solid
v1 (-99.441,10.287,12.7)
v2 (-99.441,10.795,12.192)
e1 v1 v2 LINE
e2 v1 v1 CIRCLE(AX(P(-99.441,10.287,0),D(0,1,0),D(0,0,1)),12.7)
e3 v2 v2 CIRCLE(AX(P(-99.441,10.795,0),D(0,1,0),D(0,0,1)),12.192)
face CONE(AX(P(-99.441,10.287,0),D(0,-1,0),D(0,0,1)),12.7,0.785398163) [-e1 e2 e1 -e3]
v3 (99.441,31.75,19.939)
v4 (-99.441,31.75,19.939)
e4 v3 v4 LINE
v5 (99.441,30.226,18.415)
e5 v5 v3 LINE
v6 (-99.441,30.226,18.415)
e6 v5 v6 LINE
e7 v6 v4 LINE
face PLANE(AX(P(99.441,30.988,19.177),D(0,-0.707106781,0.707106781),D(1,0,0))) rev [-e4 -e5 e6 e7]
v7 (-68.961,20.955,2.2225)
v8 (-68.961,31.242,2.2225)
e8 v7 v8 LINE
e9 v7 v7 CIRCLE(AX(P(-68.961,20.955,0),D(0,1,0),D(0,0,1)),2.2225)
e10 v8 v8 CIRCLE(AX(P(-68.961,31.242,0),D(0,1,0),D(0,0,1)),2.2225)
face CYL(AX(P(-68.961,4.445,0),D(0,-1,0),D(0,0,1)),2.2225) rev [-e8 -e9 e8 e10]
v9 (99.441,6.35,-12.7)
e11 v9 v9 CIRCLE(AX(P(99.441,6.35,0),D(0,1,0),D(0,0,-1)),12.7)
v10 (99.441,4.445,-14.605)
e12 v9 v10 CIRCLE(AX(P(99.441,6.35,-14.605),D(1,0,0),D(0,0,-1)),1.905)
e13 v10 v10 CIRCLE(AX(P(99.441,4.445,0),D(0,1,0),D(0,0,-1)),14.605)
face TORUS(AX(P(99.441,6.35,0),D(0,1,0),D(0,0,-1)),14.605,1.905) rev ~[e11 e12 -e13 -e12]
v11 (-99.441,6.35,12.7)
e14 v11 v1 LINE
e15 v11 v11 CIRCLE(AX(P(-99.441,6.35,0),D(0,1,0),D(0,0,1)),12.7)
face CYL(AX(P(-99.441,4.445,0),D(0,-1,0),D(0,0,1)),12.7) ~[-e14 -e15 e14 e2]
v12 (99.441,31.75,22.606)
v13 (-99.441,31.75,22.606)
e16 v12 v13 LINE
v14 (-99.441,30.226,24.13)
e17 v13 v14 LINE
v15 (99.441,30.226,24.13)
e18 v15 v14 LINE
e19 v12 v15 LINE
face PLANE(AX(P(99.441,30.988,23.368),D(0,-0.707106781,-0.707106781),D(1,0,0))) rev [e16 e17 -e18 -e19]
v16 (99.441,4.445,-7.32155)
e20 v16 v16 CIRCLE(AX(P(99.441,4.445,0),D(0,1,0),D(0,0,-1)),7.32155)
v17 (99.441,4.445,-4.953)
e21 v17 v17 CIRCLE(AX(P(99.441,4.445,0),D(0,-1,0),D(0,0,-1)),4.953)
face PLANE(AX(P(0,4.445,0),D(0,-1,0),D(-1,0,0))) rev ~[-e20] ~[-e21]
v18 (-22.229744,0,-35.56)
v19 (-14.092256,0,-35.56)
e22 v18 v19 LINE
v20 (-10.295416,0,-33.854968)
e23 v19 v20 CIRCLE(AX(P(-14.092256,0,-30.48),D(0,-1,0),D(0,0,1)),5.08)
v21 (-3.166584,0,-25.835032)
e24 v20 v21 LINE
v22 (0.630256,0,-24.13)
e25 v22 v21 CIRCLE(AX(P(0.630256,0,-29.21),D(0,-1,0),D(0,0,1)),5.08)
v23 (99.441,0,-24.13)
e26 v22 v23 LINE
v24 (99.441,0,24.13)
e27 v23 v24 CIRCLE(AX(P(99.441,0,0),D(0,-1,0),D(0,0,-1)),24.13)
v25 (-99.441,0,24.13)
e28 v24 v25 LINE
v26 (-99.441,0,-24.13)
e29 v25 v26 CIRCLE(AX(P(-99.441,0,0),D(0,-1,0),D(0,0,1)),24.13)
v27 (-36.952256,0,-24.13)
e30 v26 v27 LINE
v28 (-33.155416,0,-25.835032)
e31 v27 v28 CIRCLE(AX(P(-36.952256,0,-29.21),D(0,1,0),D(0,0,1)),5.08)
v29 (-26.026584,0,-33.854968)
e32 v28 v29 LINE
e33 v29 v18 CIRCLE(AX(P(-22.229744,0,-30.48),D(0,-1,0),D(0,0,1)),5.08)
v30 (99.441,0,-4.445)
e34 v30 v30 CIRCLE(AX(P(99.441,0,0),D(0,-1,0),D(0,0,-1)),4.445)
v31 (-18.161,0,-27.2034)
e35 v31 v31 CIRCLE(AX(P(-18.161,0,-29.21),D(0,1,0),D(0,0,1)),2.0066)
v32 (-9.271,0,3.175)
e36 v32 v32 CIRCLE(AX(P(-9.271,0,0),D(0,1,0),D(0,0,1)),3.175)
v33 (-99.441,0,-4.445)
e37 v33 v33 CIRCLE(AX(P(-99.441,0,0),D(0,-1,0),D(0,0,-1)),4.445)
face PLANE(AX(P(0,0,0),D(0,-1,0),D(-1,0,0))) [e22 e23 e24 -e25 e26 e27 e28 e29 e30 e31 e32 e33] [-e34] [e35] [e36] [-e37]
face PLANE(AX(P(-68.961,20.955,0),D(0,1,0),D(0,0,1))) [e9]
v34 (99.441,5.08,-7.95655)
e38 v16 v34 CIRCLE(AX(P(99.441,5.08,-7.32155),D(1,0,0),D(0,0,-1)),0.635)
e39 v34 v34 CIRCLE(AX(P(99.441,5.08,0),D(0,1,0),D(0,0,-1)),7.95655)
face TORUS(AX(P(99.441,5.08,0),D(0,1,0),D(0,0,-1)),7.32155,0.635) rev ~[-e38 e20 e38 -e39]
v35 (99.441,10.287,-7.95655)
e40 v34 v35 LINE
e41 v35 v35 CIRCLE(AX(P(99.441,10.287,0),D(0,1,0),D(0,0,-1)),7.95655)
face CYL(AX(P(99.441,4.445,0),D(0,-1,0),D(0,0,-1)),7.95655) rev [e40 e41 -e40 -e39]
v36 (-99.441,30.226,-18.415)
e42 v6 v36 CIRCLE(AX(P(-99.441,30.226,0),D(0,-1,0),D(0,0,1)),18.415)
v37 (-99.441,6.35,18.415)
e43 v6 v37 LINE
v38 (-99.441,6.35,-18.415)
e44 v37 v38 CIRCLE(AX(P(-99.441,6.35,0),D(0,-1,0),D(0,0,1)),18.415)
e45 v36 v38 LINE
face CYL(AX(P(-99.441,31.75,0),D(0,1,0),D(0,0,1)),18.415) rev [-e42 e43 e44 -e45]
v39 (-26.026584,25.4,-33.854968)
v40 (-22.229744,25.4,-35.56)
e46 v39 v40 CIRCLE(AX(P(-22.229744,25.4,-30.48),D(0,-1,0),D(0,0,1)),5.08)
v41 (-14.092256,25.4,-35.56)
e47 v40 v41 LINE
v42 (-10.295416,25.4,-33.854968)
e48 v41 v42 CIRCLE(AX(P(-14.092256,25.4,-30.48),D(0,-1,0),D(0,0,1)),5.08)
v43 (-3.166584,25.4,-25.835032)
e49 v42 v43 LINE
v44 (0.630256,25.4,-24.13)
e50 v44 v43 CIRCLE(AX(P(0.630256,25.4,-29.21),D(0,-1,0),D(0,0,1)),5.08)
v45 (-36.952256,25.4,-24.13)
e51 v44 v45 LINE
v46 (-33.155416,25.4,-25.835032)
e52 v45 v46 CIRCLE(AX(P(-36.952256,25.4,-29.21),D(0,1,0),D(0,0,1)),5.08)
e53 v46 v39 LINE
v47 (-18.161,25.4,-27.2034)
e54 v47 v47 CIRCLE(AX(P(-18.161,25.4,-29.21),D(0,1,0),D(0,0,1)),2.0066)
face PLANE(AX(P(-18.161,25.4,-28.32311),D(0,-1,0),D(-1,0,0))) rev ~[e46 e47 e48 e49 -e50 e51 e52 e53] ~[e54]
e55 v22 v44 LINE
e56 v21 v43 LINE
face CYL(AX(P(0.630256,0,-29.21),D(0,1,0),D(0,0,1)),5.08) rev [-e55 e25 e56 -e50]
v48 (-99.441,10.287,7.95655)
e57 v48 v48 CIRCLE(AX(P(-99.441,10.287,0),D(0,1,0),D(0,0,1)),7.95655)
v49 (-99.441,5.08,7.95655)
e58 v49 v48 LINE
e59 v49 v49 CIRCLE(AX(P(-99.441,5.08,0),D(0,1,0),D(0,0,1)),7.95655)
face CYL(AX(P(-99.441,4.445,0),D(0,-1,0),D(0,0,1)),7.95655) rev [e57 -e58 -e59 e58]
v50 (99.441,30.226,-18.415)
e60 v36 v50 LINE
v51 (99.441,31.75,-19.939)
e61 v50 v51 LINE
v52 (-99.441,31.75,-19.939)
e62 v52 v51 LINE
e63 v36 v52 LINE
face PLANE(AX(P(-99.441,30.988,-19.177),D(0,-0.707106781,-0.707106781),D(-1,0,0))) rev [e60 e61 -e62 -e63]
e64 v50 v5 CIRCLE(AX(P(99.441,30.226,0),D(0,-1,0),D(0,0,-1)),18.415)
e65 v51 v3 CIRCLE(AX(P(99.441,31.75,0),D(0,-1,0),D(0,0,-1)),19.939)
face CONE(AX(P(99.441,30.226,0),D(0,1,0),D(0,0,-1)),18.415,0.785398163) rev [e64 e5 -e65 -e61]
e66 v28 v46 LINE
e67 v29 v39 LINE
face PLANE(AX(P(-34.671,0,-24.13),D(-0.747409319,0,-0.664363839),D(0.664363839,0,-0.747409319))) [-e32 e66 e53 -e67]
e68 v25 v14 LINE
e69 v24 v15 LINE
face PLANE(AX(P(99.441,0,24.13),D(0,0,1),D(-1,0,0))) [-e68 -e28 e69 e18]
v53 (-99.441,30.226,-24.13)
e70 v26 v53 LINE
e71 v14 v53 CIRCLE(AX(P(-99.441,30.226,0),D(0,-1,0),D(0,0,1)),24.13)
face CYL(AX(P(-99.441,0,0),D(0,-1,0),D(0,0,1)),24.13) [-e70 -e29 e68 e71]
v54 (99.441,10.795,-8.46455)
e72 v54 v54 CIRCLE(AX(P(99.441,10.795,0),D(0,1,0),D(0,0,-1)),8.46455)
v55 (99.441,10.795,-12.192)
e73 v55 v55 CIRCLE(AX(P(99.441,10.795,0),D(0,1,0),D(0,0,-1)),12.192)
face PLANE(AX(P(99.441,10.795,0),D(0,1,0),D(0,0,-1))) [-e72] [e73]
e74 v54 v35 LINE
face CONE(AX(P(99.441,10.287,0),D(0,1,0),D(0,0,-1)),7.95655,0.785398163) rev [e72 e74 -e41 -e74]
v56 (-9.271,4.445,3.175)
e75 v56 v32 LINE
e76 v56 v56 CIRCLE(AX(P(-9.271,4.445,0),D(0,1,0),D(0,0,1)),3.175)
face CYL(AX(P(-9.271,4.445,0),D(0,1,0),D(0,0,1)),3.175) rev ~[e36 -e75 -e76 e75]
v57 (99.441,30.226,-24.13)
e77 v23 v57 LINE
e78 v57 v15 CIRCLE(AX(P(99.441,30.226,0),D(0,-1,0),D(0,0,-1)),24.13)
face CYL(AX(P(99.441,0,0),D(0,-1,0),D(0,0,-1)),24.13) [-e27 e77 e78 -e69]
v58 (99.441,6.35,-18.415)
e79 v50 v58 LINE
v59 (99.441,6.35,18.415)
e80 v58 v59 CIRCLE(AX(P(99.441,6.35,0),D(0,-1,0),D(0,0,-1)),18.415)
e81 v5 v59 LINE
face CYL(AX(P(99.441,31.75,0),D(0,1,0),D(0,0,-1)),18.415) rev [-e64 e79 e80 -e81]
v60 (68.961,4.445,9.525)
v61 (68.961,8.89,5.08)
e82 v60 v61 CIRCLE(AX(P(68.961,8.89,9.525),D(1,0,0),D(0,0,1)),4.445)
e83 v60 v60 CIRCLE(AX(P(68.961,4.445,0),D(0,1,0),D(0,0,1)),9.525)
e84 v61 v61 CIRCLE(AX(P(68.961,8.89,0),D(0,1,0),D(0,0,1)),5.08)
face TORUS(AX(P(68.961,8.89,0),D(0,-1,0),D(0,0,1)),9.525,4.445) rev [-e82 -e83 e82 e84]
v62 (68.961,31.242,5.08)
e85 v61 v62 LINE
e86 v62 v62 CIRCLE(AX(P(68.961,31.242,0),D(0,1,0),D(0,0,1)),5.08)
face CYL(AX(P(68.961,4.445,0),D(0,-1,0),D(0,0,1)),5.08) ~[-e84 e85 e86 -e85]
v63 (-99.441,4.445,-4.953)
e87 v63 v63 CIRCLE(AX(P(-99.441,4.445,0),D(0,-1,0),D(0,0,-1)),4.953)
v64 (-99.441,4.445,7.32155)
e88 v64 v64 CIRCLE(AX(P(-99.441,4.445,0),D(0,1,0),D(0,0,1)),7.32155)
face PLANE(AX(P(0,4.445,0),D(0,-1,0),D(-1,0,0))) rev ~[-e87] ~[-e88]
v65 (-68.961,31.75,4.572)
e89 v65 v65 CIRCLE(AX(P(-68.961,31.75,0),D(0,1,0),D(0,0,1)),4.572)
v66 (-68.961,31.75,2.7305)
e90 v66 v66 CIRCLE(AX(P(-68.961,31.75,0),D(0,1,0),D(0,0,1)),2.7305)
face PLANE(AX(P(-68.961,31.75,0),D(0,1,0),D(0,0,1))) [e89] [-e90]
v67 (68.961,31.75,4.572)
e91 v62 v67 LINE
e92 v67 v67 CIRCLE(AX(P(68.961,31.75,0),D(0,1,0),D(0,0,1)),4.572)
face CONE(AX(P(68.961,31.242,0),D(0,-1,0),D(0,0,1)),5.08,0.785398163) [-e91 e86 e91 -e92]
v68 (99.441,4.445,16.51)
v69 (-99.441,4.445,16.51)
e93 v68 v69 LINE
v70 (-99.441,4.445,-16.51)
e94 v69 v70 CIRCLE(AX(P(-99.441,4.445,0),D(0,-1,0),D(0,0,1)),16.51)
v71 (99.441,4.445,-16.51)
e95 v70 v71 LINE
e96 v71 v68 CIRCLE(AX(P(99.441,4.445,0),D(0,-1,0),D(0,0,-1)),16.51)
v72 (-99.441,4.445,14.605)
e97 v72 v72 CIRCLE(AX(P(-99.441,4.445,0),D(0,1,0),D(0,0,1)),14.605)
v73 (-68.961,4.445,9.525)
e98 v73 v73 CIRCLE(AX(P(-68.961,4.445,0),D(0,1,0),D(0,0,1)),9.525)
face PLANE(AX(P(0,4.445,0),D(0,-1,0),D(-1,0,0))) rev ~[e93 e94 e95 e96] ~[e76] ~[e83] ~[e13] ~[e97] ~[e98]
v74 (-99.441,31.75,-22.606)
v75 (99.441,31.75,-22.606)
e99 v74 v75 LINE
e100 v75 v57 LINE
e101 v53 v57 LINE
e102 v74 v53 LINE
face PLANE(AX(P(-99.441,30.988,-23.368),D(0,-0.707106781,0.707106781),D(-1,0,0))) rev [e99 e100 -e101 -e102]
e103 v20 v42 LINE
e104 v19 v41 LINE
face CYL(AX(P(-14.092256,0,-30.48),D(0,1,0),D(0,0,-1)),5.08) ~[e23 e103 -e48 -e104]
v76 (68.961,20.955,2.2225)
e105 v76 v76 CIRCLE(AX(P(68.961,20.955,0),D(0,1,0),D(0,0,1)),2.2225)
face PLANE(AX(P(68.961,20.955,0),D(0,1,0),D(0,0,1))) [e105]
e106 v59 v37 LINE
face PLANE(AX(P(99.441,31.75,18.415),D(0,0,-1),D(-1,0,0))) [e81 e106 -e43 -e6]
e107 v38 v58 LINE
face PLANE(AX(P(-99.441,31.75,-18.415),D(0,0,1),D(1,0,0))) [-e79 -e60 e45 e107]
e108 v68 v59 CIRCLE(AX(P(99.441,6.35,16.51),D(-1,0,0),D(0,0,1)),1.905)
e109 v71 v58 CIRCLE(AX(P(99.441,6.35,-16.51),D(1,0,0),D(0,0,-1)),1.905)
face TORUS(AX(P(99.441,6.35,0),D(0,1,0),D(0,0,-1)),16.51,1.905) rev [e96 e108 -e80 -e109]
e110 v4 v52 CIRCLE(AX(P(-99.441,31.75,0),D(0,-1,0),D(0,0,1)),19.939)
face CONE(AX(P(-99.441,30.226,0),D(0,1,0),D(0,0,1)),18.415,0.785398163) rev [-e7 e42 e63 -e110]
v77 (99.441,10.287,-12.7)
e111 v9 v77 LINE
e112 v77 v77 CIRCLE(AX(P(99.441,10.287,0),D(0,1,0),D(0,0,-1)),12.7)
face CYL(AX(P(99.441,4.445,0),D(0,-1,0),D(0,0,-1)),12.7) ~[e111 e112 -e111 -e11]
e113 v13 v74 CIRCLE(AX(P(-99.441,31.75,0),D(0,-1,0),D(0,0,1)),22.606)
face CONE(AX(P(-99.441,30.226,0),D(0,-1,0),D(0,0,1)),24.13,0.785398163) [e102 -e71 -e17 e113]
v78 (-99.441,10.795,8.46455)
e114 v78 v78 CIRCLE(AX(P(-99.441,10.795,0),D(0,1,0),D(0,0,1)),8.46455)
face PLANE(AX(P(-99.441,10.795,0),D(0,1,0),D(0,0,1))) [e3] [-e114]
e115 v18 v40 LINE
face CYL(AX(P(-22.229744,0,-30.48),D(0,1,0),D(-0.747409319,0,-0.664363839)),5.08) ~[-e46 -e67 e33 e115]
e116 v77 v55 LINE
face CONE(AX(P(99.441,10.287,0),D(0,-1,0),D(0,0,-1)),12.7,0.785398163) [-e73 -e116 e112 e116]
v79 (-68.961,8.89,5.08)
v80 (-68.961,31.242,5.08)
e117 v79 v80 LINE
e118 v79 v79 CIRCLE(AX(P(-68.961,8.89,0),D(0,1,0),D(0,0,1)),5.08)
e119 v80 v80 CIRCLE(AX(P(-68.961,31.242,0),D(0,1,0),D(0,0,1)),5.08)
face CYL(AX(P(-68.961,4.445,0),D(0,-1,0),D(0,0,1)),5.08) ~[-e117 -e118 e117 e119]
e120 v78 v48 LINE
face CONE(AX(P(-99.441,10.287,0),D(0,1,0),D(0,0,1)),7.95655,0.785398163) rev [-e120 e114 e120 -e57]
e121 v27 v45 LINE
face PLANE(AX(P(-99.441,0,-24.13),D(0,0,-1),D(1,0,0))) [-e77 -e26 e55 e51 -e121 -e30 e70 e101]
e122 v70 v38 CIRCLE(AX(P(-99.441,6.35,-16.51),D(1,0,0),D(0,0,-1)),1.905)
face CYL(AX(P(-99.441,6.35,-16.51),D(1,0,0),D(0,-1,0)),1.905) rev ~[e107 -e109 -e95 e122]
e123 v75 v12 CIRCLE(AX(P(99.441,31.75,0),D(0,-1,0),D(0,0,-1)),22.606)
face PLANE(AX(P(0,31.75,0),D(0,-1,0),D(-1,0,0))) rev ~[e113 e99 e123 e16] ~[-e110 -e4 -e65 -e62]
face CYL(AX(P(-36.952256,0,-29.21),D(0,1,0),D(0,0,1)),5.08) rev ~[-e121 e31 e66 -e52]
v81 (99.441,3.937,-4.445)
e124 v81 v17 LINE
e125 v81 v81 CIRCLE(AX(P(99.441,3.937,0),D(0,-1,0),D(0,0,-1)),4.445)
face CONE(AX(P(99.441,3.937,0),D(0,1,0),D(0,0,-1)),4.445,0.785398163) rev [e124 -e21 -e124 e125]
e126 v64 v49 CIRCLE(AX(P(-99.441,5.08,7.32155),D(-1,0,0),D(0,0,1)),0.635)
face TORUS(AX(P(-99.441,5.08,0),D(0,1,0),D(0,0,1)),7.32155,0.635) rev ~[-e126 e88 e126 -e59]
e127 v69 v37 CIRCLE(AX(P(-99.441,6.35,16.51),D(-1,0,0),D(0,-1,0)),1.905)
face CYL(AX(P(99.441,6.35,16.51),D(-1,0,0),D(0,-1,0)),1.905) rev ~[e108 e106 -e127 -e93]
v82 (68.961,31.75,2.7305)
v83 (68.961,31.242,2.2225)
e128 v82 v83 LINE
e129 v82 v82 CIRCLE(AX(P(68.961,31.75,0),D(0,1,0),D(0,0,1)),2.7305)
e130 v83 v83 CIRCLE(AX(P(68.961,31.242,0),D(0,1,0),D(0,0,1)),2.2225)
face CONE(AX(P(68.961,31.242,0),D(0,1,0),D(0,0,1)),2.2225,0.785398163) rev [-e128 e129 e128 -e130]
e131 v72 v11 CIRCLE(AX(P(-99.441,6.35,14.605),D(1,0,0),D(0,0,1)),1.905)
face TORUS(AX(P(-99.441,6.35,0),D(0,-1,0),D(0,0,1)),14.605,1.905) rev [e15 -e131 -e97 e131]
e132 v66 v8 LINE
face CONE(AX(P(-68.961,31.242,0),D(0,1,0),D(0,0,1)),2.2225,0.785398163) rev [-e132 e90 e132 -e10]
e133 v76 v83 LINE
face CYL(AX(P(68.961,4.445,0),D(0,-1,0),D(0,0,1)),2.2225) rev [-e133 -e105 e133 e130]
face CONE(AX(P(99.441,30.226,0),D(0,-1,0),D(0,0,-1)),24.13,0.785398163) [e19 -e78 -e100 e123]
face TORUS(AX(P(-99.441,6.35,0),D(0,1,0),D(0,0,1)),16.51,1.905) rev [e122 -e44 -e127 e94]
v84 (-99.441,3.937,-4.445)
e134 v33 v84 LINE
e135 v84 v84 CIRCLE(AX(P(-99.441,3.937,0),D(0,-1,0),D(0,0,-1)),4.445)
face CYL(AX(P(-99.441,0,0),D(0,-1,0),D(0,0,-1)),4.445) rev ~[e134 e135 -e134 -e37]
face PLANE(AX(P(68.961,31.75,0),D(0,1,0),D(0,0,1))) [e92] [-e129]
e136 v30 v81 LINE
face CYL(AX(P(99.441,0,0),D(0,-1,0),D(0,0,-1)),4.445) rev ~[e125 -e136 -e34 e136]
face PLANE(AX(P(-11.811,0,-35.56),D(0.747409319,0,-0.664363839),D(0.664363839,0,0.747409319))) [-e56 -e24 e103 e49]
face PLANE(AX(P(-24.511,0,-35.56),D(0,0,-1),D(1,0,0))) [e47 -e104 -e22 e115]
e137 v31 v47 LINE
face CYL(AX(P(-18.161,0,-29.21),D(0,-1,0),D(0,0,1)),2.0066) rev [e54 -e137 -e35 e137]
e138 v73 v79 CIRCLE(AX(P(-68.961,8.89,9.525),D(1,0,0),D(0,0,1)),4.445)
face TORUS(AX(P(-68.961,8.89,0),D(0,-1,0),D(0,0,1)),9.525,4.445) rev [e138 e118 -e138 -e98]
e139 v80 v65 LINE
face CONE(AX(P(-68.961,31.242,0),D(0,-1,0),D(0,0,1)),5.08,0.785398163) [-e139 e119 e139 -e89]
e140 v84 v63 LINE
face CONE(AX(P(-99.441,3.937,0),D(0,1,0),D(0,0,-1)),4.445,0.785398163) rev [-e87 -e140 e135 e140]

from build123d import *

# Parameters (mm, degrees)
MAINBLOCK_DEPTH      = 31.75
MAINPOCKET_DEPTH     = 27.305
SKETCH3_R            = 4.445
CUT_EXTRUDE1_DEPTH   = 130.846491832
SKETCH4_R            = 12.7
SKETCH4_R_2          = 7.95655
BOSS_EXTRUDE1_DEPTH  = 6.35
SKETCH7_R            = 5.08
SKETCH7_R_2          = 2.2225
BOSS_EXTRUDE3_DEPTH  = 27.305
FILLET2_R            = 0.635
FILLET3_R            = 1.905
FILLET6_R            = 4.445
CHAMFER2_SIZE        = 0.508
SKETCH12_R           = 2.0066
STAB_BAR_MOUNT_DEPTH = 25.4
CHAMFER3_SIZE        = 1.524
SKETCH10_R           = 2.2225
BOSS_EXTRUDE4_DEPTH  = 16.51
SKETCH11_R           = 3.175
CUT_EXTRUDE2_DEPTH   = 132.452914254
FILLET8_R            = 5.08


with BuildPart() as part:
    # Sketch1 → MainBlock (new body)
    with BuildSketch(Plane(origin=(0, 0, 0), x_dir=(1, 0, 0), z_dir=(0, 1, 0))):
        with BuildLine():
            Line((-99.441, 24.13), (99.441, 24.13))
            ThreePointArc((99.441, 24.13), (123.571, 0), (99.441, -24.13))
            Line((99.441, -24.13), (-99.441, -24.13))
            ThreePointArc((-99.441, -24.13), (-123.571, 0), (-99.441, 24.13))
        make_face()
    extrude(amount=MAINBLOCK_DEPTH)

    # Sketch2 → MainPocket (cut)
    with BuildSketch(Plane(origin=(0, 31.75, 0), x_dir=(1, 0, 0), z_dir=(0, 1, 0))):
        with BuildLine():
            Line((-99.441, 18.415), (99.441, 18.415))
            ThreePointArc((99.441, 18.415), (117.856, 0), (99.441, -18.415))
            Line((99.441, -18.415), (-99.441, -18.415))
            ThreePointArc((-99.441, -18.415), (-117.856, 0), (-99.441, 18.415))
        make_face()
    extrude(amount=-MAINPOCKET_DEPTH, mode=Mode.SUBTRACT)

    # Sketch3 → Cut-Extrude1 (cut, through all)
    with BuildSketch(Plane.XZ):
        with Locations(Location((-99.441, 0, 0), (0, 0, 270))):
            Circle(SKETCH3_R)
        with Locations(Location((99.441, 0, 0), (0, 0, 270))):
            Circle(SKETCH3_R)
    extrude(amount=-CUT_EXTRUDE1_DEPTH, mode=Mode.SUBTRACT)

    # Sketch4 → Boss-Extrude1 (add)
    # profile 1 of 2: a face of its own
    with BuildSketch(Plane(origin=(0, 4.445, 0), x_dir=(1, 0, 0), z_dir=(0, 1, 0))):
        with Locations(Location((-99.441, 0, 0), (0, 0, 270))):
            Circle(SKETCH4_R)
        with Locations(Location((-99.441, 0, 0), (0, 0, 270))):
            Circle(SKETCH4_R_2, mode=Mode.SUBTRACT)
    # profile 2 of 2: a face of its own
    with BuildSketch(Plane(origin=(0, 4.445, 0), x_dir=(1, 0, 0), z_dir=(0, 1, 0))):
        with Locations(Location((99.441, 0, 0), (0, 0, 90))):
            Circle(SKETCH4_R)
        with Locations(Location((99.441, 0, 0), (0, 0, 90))):
            Circle(SKETCH4_R_2, mode=Mode.SUBTRACT)
    extrude(amount=BOSS_EXTRUDE1_DEPTH)

    # Sketch7 → Boss-Extrude3 (add)
    # profile 1 of 2: a face of its own
    with BuildSketch(Plane(origin=(0, 4.445, 0), x_dir=(1, 0, 0), z_dir=(0, 1, 0))):
        with Locations(Location((-68.961, 0, 0), (0, 0, 270))):
            Circle(SKETCH7_R)
        with Locations(Location((-68.961, 0, 0), (0, 0, 270))):
            Circle(SKETCH7_R_2, mode=Mode.SUBTRACT)
    # profile 2 of 2: a face of its own
    with BuildSketch(Plane(origin=(0, 4.445, 0), x_dir=(1, 0, 0), z_dir=(0, 1, 0))):
        with Locations(Location((68.961, 0, 0), (0, 0, 270))):
            Circle(SKETCH7_R)
        with Locations(Location((68.961, 0, 0), (0, 0, 270))):
            Circle(SKETCH7_R_2, mode=Mode.SUBTRACT)
    extrude(amount=BOSS_EXTRUDE3_DEPTH)

    # Fillet2
    fillet2_edges = [part.edges().sort_by_distance(p)[0] for p in [
        (-99.441, 4.445, -7.95655),
        (99.441, 4.445, 7.95655),
    ]]
    fillet(fillet2_edges, radius=FILLET2_R)

    # Fillet3
    fillet3_edges = [part.edges().sort_by_distance(p)[0] for p in [
        (117.856, 4.445, 0),
        (0, 4.445, 18.415),
        (-117.856, 4.445, 0),
        (0, 4.445, -18.415),
        (-99.441, 4.445, -12.7),
        (99.441, 4.445, 12.7),
    ]]
    fillet(fillet3_edges, radius=FILLET3_R)

    # Fillet6
    fillet6_edges = [part.edges().sort_by_distance(p)[0] for p in [
        (-68.961, 4.445, -5.08),
        (68.961, 4.445, -5.08),
    ]]
    fillet(fillet6_edges, radius=FILLET6_R)

    # Chamfer2
    chamfer2_edges = [part.edges().sort_by_distance(p)[0] for p in [
        (-99.441, 4.445, 4.445),
        (99.441, 4.445, 4.445),
        (-99.441, 10.795, -12.7),
        (-99.441, 10.795, -7.95655),
        (99.441, 10.795, 12.7),
        (99.441, 10.795, 7.95655),
        (-68.961, 31.75, -2.2225),
        (-68.961, 31.75, -5.08),
        (68.961, 31.75, -2.2225),
        (68.961, 31.75, -5.08),
    ]]
    chamfer(chamfer2_edges, length=CHAMFER2_SIZE)

    # Sketch12 → Stab_bar_Mount (add)
    with BuildSketch(Plane(origin=(0, 0, 0), x_dir=(1, 0, 0), z_dir=(0, 1, 0))):
        Polygon((-34.671, 24.13), (-24.511, 35.56), (-11.811, 35.56), (-1.651, 24.13), align=None)
        with Locations(Location((-18.161, 29.21, 0), (0, 0, 270))):
            Circle(SKETCH12_R, mode=Mode.SUBTRACT)
    extrude(amount=STAB_BAR_MOUNT_DEPTH)

    # Chamfer3
    chamfer3_edges = [part.edges().sort_by_distance(p)[0] for p in [
        (123.571, 31.75, 0),
        (0, 31.75, -24.13),
        (117.856, 31.75, 0),
        (0, 31.75, -18.415),
        (-117.856, 31.75, 0),
        (0, 31.75, 18.415),
        (-123.571, 31.75, 0),
        (0, 31.75, 24.13),
    ]]
    chamfer(chamfer3_edges, length=CHAMFER3_SIZE)

    # Sketch10 → Boss-Extrude4 (add)
    with BuildSketch(Plane(origin=(0, 4.445, 0), x_dir=(1, 0, 0), z_dir=(0, 1, 0))):
        with Locations(Location((68.961, 0, 0), (0, 0, 270))):
            Circle(SKETCH10_R)
        with Locations(Location((-68.961, 0, 0), (0, 0, 270))):
            Circle(SKETCH10_R)
    extrude(amount=BOSS_EXTRUDE4_DEPTH)

    # Sketch11 → Cut-Extrude2 (cut, through all)
    with BuildSketch(Plane(origin=(0, 4.445, 0), x_dir=(1, 0, 0), z_dir=(0, 1, 0))):
        with Locations(Location((-9.271, 0, 0), (0, 0, 270))):
            Circle(SKETCH11_R)
    extrude(amount=-CUT_EXTRUDE2_DEPTH, mode=Mode.SUBTRACT)

    # Fillet8
    fillet8_edges = [part.edges().sort_by_distance(p)[0] for p in [
        (-34.671, 12.7, -24.13),
        (-1.651, 12.7, -24.13),
        (-11.811, 12.7, -35.56),
        (-24.511, 12.7, -35.56),
    ]]
    fillet(fillet8_edges, radius=FILLET8_R)


solid = part.part
